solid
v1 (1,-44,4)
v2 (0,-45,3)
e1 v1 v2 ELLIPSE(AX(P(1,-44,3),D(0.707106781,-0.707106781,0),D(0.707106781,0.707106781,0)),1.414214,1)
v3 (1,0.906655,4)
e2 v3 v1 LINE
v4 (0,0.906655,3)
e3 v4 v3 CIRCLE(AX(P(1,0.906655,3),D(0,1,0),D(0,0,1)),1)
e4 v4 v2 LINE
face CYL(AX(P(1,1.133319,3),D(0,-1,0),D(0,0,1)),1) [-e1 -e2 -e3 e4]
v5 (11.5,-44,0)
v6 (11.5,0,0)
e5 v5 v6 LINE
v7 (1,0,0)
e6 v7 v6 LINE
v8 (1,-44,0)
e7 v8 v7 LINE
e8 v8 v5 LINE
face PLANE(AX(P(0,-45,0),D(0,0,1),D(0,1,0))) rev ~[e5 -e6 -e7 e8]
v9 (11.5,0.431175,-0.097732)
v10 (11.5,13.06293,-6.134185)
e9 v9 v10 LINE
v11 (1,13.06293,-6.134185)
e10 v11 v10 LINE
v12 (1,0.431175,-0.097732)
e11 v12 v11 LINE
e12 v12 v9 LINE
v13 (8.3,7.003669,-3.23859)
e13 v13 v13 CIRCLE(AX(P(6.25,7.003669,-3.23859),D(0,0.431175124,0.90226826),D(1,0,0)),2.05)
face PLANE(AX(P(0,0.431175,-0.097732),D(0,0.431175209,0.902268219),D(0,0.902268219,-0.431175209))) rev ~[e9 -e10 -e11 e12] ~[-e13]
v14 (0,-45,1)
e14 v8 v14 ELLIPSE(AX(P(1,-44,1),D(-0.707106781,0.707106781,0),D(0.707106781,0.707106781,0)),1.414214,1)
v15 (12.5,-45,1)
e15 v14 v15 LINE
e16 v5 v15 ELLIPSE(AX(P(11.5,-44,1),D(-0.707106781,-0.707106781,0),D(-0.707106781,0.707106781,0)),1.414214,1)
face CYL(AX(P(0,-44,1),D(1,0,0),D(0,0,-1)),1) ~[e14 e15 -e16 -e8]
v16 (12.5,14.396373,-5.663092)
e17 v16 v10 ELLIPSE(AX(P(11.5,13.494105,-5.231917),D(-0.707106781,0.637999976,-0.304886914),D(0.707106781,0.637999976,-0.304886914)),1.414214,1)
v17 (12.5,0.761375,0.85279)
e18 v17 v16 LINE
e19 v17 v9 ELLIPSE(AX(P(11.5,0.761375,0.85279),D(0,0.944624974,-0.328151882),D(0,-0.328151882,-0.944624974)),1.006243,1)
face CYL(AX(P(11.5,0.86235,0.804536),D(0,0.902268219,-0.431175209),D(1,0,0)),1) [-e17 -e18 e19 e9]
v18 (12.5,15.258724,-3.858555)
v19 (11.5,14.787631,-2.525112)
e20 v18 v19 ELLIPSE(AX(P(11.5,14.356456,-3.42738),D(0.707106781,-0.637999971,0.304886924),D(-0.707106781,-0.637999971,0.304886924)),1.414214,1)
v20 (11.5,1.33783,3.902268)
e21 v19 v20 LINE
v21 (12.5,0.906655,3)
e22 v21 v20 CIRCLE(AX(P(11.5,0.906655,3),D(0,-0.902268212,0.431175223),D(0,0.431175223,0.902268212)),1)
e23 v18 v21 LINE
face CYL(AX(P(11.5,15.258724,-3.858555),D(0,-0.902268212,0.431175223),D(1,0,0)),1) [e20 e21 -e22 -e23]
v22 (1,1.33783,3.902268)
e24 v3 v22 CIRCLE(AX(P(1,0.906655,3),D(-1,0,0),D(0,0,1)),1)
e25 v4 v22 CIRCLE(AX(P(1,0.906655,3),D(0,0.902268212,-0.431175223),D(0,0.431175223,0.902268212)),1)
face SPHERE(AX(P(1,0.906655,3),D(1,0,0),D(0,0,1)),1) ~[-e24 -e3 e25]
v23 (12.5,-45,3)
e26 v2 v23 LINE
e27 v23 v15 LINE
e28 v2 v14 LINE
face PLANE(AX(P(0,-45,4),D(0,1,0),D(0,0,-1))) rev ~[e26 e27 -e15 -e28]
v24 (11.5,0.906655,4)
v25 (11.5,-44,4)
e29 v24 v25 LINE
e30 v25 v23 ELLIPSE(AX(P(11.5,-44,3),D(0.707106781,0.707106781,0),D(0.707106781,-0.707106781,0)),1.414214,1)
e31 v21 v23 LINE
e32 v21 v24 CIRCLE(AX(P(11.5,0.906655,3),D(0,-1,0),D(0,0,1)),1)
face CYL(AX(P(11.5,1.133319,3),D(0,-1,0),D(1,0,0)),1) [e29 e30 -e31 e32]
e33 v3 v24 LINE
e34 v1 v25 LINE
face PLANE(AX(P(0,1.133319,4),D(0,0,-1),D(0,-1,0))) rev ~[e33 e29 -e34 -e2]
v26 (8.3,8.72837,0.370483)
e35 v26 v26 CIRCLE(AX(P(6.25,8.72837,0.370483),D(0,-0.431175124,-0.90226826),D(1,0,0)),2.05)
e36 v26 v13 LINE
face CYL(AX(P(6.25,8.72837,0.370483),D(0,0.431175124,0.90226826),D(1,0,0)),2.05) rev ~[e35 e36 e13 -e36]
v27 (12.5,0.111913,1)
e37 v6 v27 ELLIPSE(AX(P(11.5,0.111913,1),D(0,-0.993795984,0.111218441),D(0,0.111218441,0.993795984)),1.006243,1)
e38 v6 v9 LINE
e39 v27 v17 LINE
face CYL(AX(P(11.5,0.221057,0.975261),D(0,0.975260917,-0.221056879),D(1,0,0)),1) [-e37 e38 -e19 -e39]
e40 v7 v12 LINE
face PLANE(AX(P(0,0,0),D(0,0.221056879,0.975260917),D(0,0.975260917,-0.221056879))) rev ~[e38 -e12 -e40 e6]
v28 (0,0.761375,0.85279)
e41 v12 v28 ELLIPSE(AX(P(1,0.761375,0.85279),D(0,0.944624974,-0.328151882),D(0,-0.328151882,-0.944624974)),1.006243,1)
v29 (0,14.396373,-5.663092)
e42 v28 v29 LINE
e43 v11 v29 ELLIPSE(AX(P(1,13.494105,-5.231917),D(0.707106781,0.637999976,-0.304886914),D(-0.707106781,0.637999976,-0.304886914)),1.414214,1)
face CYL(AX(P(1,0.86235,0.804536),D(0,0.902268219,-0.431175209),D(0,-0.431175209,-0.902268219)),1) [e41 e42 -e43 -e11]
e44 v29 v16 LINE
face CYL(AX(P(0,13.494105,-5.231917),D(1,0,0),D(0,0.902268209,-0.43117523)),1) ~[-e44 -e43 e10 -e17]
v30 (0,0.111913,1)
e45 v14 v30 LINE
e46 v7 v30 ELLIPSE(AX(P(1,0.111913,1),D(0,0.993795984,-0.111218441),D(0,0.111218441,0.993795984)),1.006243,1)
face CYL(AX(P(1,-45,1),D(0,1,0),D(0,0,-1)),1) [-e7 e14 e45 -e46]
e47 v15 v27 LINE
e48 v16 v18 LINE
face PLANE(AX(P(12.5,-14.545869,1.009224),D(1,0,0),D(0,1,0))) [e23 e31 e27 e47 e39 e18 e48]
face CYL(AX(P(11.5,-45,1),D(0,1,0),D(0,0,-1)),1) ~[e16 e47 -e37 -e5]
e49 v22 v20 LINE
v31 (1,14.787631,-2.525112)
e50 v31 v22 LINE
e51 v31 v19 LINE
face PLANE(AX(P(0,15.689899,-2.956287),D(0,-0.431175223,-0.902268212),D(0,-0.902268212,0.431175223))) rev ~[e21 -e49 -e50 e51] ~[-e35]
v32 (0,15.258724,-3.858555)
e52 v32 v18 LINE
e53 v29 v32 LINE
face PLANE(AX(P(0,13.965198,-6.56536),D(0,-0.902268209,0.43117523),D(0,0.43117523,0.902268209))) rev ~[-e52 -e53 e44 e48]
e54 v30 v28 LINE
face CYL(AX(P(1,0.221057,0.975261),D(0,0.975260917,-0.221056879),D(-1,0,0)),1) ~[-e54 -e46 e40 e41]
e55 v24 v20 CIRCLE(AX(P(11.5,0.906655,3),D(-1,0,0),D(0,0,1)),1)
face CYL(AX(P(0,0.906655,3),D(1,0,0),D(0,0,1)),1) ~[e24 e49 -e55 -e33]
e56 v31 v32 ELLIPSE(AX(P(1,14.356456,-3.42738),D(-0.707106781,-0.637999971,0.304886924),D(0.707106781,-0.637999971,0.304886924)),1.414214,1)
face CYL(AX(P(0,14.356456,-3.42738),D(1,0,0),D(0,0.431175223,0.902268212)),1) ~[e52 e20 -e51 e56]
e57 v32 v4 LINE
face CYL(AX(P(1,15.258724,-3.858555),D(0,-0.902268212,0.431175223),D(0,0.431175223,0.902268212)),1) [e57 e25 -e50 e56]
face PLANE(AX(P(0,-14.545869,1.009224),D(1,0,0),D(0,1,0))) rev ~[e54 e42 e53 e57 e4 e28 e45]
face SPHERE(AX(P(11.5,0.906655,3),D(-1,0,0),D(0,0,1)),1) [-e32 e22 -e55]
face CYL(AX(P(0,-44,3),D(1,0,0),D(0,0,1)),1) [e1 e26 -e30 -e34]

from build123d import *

# Parameters (mm, degrees)
F1_DEPTH = 12.5
F2_R     = 2.05
F3_DEPTH = 25
F4_R     = 1


with BuildPart() as f1:
    # F0 (on Right) → F1 (new body)
    with BuildSketch(Plane.YZ):
        Polygon((-45, 0), (0, 0), (0.431175, -0.097732), (13.965198, -6.56536), (15.689899, -2.956287), (1.133319, 4), (-45, 4), align=None)
    extrude(amount=F1_DEPTH)

    # F2 (on face) → F3 (cut)
    with BuildSketch(Plane(origin=(0, 1.76684, 3.697253), x_dir=(1, 0, 0), z_dir=(0, 0.431175, 0.902268))):
        with Locations((6.25, 7.715588)):
            Circle(F2_R)
    extrude(amount=-F3_DEPTH, mode=Mode.SUBTRACT)

    # F4
    f4_edges = [f1.edges().sort_by_distance(p)[0] for p in [
        (6.25, 1.133319, 4),
        (6.25, -45, 4),
        (0, -21.933341, 4),
        (12.5, -21.933341, 4),
        (12.5, 8.411609, 0.521856),
        (6.25, 15.689899, -2.956287),
        (0, 8.411609, 0.521856),
        (12.5, -22.5, 0),
        (0, -22.5, 0),
        (6.25, -45, 0),
        (12.5, 7.198187, -3.331546),
        (0, 7.198187, -3.331546),
        (6.25, 13.965198, -6.56536),
        (12.5, 0.215588, -0.048866),
        (0, 0.215588, -0.048866),
    ]]
    fillet(f4_edges, radius=F4_R)


solid = f1.part
